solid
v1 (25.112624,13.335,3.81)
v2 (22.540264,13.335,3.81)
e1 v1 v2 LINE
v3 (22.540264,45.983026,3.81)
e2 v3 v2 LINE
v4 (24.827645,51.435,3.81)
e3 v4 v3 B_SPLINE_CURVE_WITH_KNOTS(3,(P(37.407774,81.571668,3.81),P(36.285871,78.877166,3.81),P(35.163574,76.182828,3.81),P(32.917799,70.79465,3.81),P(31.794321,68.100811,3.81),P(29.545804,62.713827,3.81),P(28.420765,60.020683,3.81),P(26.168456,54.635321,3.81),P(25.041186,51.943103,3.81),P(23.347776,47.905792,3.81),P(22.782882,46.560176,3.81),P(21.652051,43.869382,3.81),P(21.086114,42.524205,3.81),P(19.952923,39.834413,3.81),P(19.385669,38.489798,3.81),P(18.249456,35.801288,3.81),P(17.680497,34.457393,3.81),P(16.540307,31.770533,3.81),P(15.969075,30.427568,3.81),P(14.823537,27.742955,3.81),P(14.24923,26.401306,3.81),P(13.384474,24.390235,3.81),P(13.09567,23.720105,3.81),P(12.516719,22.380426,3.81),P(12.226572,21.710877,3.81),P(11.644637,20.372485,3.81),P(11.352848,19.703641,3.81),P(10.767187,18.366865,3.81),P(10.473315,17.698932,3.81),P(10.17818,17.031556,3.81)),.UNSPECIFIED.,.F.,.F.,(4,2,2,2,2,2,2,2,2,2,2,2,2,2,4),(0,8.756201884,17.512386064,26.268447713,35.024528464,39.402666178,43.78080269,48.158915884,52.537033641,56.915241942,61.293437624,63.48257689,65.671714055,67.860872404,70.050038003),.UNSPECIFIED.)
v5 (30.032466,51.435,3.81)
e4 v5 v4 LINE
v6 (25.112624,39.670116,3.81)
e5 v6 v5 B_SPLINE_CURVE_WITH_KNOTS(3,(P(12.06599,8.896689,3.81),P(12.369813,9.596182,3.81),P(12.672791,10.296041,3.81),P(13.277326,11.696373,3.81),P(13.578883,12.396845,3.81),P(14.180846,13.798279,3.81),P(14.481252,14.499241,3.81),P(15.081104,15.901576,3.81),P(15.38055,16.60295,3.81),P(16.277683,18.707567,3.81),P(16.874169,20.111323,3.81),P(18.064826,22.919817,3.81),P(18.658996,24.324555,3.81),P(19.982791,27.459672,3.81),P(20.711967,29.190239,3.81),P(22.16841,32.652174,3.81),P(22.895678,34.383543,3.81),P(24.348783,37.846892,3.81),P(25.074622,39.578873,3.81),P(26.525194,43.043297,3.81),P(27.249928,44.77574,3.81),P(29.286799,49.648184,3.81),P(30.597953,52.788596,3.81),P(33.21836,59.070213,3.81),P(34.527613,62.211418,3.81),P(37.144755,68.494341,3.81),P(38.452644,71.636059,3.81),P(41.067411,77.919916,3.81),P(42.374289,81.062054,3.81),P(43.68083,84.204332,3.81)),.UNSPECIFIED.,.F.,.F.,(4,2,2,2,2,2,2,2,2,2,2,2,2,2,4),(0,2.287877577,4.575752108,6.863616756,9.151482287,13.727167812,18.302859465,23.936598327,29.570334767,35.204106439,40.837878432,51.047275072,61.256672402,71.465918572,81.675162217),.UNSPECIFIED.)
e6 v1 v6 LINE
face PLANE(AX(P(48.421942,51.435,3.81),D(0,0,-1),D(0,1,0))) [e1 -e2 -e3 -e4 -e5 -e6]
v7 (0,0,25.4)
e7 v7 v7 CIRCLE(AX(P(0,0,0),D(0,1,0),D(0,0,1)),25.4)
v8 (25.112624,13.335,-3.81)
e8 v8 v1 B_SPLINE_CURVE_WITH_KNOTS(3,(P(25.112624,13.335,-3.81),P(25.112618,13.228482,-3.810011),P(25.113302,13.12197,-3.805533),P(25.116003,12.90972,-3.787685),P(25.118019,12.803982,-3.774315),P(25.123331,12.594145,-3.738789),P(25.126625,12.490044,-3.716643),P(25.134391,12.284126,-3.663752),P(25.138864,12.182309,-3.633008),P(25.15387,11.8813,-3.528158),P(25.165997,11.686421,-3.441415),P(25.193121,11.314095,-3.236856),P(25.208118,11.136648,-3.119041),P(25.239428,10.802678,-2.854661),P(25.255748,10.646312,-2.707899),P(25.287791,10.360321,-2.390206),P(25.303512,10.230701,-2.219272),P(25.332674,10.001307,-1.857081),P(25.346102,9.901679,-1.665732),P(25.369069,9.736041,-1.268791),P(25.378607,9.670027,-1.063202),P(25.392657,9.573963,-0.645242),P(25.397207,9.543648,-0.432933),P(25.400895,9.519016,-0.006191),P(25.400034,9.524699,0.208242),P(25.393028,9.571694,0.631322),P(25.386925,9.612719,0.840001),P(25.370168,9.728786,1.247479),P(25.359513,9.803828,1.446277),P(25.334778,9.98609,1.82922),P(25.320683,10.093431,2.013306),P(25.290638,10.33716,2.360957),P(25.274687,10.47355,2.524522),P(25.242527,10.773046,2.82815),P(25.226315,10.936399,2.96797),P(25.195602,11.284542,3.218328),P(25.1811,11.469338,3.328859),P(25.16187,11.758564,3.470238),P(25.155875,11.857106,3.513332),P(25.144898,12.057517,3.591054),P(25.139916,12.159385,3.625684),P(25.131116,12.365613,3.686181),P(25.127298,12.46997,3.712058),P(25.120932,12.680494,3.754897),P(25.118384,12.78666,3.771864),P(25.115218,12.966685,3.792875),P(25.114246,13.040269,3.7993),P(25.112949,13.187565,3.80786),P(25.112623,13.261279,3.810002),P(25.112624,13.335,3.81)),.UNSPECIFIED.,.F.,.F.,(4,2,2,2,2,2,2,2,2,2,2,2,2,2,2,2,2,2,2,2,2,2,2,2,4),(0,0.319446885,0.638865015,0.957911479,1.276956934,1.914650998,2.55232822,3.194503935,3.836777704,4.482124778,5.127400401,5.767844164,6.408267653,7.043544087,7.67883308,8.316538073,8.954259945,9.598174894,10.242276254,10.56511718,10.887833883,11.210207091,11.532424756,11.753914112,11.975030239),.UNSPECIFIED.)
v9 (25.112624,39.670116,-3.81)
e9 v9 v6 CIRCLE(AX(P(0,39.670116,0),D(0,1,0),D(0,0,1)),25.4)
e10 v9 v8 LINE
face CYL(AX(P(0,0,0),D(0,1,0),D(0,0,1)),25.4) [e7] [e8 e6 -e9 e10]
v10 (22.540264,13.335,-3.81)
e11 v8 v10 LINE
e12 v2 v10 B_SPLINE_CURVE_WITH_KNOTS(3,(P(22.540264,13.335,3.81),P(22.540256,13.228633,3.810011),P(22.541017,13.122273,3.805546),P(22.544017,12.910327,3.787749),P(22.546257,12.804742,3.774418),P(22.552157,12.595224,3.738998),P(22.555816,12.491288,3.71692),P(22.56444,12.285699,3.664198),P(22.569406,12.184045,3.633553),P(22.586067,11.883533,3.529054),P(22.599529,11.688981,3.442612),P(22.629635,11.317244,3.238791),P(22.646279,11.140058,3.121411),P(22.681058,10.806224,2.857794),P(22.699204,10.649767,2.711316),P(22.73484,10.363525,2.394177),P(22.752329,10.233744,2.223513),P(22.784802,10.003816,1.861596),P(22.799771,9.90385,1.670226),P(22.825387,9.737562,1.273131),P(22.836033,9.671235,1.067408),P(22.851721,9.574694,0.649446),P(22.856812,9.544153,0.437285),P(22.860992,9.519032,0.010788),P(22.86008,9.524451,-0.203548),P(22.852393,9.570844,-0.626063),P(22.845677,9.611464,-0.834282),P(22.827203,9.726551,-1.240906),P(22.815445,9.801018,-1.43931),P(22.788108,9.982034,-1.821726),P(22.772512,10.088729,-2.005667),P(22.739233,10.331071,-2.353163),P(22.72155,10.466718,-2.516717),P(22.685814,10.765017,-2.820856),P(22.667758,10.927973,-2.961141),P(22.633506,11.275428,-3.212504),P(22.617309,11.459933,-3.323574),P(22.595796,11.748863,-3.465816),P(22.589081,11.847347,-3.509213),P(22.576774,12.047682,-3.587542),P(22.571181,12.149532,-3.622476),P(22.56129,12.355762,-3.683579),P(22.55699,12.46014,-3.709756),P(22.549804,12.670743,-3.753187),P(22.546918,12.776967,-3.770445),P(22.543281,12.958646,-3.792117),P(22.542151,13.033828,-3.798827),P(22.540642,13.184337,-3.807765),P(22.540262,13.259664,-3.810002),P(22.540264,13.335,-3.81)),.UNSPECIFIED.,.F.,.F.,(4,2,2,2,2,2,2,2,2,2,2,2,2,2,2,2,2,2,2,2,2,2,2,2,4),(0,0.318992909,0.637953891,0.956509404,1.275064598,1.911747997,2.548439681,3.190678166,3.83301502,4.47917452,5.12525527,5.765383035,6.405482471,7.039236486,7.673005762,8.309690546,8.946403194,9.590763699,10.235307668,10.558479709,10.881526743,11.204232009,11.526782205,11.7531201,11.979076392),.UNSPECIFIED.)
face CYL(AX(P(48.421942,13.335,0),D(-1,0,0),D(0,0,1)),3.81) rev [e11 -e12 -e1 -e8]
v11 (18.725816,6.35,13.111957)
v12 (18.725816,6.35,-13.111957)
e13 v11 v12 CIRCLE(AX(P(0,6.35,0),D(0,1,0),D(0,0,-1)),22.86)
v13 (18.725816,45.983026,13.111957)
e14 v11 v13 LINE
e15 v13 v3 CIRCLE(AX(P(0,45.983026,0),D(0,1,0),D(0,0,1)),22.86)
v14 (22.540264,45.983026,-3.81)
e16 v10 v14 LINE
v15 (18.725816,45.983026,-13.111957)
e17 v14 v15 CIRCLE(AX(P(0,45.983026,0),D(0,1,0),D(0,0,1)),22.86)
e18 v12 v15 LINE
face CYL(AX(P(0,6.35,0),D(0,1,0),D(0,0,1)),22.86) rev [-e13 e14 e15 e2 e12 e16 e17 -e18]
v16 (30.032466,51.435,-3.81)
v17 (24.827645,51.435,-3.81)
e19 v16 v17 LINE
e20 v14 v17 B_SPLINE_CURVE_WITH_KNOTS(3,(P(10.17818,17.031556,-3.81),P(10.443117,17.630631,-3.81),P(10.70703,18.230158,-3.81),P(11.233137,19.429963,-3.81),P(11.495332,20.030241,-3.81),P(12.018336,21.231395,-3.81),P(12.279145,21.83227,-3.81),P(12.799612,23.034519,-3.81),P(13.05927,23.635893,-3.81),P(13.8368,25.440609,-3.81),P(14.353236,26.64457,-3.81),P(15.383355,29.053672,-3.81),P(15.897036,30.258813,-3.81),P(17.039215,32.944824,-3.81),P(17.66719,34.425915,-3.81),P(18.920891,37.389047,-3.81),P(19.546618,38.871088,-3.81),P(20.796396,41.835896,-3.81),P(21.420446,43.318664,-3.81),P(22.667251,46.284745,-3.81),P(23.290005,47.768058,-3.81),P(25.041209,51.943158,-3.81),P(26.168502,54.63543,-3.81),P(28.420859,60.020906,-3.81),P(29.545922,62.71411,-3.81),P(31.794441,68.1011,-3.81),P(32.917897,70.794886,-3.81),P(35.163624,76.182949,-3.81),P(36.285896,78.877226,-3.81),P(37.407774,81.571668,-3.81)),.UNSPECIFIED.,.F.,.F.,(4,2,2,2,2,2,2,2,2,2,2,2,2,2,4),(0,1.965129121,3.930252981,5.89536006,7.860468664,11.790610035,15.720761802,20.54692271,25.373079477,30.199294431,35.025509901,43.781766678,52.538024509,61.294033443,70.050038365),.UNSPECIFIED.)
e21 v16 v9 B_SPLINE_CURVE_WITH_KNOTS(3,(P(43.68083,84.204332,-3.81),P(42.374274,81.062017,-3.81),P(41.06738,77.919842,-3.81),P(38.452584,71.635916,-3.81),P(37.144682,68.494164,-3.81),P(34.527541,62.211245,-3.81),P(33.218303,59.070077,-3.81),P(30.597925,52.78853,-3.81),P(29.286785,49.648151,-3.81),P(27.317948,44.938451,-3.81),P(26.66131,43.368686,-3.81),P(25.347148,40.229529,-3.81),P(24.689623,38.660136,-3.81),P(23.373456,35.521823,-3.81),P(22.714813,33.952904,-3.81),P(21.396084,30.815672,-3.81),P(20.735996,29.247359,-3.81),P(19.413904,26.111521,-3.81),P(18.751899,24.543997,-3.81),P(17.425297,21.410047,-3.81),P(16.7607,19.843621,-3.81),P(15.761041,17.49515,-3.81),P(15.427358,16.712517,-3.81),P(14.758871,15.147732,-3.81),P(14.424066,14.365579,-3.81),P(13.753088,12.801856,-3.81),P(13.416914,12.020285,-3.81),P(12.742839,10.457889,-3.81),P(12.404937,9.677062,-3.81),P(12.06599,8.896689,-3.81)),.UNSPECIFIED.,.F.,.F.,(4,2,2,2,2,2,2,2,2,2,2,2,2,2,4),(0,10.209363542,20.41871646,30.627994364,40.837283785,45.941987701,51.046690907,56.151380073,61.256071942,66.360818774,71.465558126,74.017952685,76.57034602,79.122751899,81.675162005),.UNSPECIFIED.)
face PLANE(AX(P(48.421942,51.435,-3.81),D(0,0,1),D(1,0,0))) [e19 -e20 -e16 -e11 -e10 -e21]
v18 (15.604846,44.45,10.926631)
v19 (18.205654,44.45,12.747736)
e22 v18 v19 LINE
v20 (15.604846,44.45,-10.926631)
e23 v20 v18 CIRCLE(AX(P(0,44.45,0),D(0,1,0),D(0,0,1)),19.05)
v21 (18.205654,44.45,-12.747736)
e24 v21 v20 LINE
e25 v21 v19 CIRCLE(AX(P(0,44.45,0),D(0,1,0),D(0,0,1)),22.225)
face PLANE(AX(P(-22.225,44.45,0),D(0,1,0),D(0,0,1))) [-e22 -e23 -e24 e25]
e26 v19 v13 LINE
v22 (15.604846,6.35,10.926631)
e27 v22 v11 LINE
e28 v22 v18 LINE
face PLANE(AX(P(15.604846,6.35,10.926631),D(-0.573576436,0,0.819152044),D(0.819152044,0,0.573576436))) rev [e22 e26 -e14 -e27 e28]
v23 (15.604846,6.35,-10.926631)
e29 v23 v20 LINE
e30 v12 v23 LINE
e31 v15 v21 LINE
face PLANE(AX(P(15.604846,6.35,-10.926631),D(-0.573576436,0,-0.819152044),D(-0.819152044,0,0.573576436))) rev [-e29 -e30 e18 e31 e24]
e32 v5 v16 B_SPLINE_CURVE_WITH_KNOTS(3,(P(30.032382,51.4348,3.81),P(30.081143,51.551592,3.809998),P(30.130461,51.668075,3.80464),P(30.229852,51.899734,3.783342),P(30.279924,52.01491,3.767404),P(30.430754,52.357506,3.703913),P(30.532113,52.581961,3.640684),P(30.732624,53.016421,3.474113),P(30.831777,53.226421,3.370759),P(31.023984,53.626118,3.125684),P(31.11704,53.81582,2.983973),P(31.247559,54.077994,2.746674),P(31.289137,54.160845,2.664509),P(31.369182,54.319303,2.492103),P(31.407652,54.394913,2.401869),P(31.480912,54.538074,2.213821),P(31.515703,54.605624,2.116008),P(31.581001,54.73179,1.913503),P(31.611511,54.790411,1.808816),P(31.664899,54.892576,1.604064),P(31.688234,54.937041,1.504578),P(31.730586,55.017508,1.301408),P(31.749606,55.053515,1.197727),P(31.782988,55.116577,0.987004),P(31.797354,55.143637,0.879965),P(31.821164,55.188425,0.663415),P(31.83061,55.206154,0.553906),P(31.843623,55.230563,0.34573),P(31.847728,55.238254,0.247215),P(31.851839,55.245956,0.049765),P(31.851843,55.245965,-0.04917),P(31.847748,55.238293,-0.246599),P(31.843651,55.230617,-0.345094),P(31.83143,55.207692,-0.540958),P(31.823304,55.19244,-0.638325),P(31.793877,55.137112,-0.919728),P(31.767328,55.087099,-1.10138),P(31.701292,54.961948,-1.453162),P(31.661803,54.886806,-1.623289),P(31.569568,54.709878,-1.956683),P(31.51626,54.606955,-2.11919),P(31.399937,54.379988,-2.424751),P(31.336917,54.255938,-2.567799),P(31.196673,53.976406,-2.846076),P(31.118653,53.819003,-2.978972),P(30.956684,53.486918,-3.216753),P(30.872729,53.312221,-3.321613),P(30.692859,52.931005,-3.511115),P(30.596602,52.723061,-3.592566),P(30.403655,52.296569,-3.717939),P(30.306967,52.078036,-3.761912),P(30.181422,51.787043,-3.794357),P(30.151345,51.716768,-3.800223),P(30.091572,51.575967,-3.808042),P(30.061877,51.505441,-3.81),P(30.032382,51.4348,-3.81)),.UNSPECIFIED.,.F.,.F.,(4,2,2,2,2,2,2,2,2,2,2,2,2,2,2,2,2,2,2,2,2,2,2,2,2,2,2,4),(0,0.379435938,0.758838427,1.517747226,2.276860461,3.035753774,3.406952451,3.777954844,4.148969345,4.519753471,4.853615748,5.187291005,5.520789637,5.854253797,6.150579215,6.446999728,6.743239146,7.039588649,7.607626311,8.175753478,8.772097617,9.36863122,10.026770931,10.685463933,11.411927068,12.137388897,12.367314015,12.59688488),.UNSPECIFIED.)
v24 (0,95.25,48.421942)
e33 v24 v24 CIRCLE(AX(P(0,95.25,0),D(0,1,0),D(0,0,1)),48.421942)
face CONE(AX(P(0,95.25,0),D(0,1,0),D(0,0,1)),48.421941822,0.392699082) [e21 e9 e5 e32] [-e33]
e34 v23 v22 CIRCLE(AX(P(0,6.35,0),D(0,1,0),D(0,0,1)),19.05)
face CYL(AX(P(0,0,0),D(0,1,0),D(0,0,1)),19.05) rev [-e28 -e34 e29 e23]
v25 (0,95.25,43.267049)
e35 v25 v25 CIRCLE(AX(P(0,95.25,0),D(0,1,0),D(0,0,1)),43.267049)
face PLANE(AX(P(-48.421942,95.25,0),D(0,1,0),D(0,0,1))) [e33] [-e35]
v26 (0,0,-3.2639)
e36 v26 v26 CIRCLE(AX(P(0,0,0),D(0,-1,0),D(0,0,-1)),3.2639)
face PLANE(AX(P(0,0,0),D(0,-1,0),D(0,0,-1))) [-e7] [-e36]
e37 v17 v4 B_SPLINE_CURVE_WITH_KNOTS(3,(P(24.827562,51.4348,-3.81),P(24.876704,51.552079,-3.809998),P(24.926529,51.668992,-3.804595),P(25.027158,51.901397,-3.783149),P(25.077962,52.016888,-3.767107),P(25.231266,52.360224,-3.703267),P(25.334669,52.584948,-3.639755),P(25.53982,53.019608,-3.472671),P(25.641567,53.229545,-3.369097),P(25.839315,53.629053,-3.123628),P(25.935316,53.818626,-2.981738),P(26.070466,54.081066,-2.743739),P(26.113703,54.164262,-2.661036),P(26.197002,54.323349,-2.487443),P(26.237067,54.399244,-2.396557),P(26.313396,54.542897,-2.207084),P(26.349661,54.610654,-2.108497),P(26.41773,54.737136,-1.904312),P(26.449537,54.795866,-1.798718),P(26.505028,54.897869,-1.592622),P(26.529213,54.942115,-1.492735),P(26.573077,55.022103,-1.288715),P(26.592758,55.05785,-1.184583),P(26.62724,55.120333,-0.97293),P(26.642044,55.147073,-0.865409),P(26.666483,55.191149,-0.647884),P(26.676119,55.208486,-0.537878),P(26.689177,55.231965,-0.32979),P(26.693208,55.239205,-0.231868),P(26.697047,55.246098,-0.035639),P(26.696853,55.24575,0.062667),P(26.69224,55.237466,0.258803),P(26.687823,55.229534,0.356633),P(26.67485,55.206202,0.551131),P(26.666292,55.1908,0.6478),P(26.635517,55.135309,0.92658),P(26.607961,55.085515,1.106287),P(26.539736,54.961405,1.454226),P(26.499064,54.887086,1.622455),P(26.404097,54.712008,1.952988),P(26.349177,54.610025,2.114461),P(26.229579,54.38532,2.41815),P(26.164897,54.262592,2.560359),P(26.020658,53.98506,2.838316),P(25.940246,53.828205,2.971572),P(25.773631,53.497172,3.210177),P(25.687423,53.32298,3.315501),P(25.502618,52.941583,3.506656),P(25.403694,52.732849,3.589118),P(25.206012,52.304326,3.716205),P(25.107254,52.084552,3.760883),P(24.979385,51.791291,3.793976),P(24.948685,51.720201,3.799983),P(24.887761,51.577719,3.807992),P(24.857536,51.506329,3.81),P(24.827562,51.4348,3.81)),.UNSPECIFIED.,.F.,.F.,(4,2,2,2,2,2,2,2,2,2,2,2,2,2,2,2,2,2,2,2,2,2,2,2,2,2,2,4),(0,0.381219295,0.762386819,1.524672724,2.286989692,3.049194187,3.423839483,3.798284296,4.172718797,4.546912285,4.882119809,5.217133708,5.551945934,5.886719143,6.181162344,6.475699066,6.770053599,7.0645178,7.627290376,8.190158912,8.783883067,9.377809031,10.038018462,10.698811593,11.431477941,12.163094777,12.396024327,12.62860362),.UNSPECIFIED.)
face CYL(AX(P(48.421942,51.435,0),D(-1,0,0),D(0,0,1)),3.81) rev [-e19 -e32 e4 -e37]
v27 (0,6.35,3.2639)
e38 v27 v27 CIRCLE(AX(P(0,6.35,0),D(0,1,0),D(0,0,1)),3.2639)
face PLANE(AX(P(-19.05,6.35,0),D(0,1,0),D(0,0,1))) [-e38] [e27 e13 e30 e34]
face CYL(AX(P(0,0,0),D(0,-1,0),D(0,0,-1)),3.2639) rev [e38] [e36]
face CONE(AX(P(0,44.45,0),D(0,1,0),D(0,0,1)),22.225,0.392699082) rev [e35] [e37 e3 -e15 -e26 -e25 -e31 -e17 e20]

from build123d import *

# Parameters (mm, degrees)
CUT_EXTRUDE1_DEPTH       = 118.311258623
F_0_257_DIAMETER_HOLE1_D = 6.5278
CUT_EXTRUDE2_DEPTH       = 38.1


with BuildPart() as part:
    # Sketch2 → Revolve1 (revolve)
    with BuildSketch(Plane.XY, mode=Mode.PRIVATE) as revolve1_sk:
        Polygon((0, 0), (-25.4, 0), (-25.4, 39.67011582), (-48.421941822, 95.25), (-43.267048969, 95.25), (-22.225, 44.45), (-19.05, 44.45), (-19.05, 6.35), (0, 6.35), align=None)
    revolve(revolve1_sk.sketch.rotate(Axis((0, 0, 0), (0, -1, 0)), 270), axis=Axis((0, 0, 0), (0, -1, 0)))

    # Sketch3 → Cut-Extrude1 (cut, through all)
    with BuildSketch(Plane(origin=(0, 0, 0), x_dir=(0, 0, -1), z_dir=(1, 0, 0))):
        with BuildLine():
            Line((-3.81, 51.435), (-3.81, 13.335))
            ThreePointArc((-3.81, 13.335), (0, 9.525), (3.81, 13.335))
            Line((3.81, 13.335), (3.81, 51.435))
            ThreePointArc((3.81, 51.435), (0, 55.245), (-3.81, 51.435))
        make_face()
    extrude(amount=CUT_EXTRUDE1_DEPTH, mode=Mode.SUBTRACT)

    # F (0.257) Diameter Hole1 (through all)
    with Locations(Plane(origin=(0, 0, 0), x_dir=(-1, 0, 0), z_dir=(0, -1, 0))):
        with Locations((0, 0)):
            Hole(F_0_257_DIAMETER_HOLE1_D / 2)

    # Sketch8 → Cut-Extrude2 (cut, symmetric)
    with BuildSketch(Plane(origin=(0, 44.45, 0), x_dir=(1, 0, 0), z_dir=(0, 1, 0))):
        with BuildLine():
            Line((15.604846444, 10.926631112), (18.725815732, 13.111957335))
            ThreePointArc((18.725815732, 13.111957335), (22.86, 0), (18.725815732, -13.111957335))
            Line((18.725815732, -13.111957335), (15.604846444, -10.926631112))
            ThreePointArc((15.604846444, -10.926631112), (19.05, 0), (15.604846444, 10.926631112))
        make_face()
    extrude(amount=CUT_EXTRUDE2_DEPTH, both=True, mode=Mode.SUBTRACT)


solid = part.part
